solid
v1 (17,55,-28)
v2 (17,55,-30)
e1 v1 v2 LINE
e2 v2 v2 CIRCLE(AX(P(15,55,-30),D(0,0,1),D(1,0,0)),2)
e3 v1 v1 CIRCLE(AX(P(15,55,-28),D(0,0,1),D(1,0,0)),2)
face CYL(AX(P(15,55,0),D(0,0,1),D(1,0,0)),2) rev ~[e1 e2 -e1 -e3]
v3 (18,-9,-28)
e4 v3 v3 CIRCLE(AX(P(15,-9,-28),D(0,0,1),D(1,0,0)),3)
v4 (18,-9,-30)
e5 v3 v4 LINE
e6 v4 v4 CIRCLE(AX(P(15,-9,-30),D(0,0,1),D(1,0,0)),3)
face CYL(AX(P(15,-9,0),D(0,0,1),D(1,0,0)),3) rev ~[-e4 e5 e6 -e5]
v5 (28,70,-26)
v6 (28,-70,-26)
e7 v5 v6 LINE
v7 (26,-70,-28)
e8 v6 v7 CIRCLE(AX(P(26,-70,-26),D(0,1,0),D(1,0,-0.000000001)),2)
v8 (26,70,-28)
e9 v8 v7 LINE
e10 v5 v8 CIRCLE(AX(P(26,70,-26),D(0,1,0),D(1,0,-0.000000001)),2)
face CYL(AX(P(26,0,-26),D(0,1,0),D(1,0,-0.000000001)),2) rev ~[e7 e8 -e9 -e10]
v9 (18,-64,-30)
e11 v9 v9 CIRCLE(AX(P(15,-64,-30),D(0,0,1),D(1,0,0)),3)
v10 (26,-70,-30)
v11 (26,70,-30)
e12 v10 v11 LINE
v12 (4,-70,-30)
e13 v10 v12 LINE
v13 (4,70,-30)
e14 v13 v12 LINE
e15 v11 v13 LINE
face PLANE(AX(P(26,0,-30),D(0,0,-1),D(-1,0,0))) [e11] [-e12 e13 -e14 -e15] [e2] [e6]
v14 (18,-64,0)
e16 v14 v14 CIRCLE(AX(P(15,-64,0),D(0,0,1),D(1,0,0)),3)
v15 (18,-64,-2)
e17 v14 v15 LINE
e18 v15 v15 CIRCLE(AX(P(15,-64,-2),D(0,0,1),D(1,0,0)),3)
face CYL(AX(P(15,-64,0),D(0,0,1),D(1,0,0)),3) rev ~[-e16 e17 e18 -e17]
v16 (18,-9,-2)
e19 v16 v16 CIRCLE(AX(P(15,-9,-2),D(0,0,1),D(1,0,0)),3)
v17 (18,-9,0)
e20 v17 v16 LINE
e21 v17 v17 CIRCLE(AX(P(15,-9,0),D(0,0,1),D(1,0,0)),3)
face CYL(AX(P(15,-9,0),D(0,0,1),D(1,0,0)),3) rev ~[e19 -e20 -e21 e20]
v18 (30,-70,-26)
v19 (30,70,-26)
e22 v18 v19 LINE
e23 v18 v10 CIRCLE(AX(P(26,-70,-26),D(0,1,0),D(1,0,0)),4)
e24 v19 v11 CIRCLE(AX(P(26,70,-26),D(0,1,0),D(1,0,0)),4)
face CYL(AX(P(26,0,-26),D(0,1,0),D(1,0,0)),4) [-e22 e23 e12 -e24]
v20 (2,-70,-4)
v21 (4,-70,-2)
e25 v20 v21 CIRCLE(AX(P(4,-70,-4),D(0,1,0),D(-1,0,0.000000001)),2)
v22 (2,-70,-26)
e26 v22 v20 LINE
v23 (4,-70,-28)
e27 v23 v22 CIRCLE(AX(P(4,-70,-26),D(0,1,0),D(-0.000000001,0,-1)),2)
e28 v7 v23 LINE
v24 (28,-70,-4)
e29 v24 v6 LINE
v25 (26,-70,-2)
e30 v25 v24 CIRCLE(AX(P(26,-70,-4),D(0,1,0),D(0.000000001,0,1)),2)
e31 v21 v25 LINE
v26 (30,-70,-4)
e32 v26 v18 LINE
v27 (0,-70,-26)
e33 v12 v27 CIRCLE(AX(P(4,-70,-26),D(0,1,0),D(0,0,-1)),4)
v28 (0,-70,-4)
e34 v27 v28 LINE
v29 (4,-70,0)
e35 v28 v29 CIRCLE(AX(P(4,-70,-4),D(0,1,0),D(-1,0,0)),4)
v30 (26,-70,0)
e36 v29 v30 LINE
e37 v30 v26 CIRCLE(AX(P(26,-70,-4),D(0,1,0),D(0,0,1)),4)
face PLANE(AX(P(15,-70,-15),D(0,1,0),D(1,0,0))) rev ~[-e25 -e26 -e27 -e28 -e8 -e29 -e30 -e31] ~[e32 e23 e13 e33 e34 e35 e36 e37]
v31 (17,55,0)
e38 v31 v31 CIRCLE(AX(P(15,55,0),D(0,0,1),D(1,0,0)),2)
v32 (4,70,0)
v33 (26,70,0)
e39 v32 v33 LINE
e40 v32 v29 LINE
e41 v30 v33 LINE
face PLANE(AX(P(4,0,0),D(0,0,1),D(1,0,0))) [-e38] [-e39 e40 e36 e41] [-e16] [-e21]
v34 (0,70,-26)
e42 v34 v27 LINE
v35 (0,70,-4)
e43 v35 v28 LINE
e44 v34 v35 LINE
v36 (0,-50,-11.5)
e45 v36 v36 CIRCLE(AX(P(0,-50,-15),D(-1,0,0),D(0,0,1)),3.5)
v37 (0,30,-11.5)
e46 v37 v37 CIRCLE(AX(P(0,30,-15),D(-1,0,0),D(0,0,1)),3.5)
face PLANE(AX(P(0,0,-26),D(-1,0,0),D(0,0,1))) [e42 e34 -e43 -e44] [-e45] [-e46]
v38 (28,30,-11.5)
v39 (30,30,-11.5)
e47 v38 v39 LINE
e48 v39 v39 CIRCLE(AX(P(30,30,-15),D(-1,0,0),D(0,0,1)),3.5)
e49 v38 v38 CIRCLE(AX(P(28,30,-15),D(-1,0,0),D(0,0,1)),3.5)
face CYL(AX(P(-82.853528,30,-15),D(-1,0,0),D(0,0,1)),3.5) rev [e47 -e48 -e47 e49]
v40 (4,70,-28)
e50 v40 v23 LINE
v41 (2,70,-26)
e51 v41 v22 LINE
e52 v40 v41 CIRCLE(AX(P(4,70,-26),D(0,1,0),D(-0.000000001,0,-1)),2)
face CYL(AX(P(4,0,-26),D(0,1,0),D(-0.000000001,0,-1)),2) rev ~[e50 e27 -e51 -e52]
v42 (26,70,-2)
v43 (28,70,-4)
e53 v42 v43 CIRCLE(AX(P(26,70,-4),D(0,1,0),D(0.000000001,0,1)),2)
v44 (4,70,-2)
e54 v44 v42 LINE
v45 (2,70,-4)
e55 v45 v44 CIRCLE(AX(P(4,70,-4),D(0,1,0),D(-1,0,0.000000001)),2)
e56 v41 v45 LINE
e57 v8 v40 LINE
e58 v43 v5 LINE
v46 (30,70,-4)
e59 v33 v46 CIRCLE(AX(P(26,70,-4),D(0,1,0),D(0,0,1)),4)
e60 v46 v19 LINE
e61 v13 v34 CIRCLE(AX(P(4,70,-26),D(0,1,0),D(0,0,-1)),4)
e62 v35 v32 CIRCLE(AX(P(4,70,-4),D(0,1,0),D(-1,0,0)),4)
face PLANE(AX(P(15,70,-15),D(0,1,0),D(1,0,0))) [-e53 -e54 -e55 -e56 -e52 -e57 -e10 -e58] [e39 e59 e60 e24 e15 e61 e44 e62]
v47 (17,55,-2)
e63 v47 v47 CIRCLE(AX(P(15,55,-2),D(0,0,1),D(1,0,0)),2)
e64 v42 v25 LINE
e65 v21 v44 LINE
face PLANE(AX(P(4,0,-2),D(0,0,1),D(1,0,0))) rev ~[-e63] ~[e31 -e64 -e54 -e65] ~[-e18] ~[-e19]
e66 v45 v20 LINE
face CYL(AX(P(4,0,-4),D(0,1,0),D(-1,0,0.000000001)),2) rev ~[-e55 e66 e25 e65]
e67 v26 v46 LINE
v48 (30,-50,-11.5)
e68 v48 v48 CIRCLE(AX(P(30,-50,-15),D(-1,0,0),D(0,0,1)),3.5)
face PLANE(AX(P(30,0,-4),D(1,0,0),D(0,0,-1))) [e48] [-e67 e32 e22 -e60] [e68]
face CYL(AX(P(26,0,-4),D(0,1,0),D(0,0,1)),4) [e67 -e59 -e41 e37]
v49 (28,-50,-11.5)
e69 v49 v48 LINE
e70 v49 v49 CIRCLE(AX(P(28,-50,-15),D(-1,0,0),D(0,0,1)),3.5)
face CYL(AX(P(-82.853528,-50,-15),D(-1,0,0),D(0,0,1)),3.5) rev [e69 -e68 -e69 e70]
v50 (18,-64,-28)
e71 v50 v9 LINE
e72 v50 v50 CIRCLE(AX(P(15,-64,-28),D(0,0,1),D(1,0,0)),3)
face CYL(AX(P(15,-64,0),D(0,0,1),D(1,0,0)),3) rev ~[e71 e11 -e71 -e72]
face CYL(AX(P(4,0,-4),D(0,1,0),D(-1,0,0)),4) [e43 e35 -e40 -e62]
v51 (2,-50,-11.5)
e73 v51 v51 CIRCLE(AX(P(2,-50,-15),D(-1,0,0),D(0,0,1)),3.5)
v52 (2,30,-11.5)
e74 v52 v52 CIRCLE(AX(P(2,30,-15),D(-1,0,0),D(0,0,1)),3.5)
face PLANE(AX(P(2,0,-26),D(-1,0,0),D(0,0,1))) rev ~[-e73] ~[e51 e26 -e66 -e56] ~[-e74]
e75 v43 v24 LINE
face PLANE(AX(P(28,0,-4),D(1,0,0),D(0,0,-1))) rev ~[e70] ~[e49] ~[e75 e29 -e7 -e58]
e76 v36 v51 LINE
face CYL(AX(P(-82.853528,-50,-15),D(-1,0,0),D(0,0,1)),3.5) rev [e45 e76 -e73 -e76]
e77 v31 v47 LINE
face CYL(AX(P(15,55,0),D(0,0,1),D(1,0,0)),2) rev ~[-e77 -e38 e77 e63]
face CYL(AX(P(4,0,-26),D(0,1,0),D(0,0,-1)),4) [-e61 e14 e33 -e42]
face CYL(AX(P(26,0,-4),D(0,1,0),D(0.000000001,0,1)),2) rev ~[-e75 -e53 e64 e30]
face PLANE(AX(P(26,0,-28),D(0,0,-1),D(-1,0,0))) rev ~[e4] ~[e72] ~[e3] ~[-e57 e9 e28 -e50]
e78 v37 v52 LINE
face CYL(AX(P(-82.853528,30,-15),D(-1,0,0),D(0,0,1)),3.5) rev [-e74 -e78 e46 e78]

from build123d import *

# Parameters (mm, degrees)
EXTRUDE_1_DEPTH          = 70
SKETCH_3_R               = 3
SKETCH_3_R_2             = 2
CUT_EXTRUDE_1_DEPTH      = 82.853527719
CUT_EXTRUDE_2_DEPTH      = 82.853527719
CUT_EXTRUDE_2_DEPTH_BACK = 82.853527719
SKETCH_4_R               = 3.5


with BuildPart() as part:
    # 草图2 → 凸台-拉伸1 (new, symmetric)
    with BuildSketch(Plane(origin=(0, 0, 0), x_dir=(1, 0, 0), z_dir=(0, 1, 0))):
        with BuildLine():
            Line((4, 0), (26, 0))
            ThreePointArc((26, 0), (28.828427125, 1.171572875), (30, 4))
            Line((30, 4), (30, 26))
            ThreePointArc((30, 26), (28.828427125, 28.828427125), (26, 30))
            Line((26, 30), (4, 30))
            ThreePointArc((4, 30), (1.171572875, 28.828427125), (0, 26))
            Line((0, 26), (0, 4))
            ThreePointArc((0, 4), (1.171572875, 1.171572875), (4, 0))
        make_face()
        with BuildLine():
            Line((4, 2), (26, 2))
            ThreePointArc((26, 2), (27.414213562, 2.585786438), (28, 4))
            Line((28, 4), (28, 26))
            ThreePointArc((28, 26), (27.414213562, 27.414213562), (26, 28))
            Line((26, 28), (4, 28))
            ThreePointArc((4, 28), (2.585786438, 27.414213562), (2, 26))
            Line((2, 26), (2, 4))
            ThreePointArc((2, 4), (2.585786438, 2.585786438), (4, 2))
        make_face(mode=Mode.SUBTRACT)
    extrude(amount=EXTRUDE_1_DEPTH, both=True)

    # 草图3 → 切除-拉伸1 (cut, through all)
    with BuildSketch(Plane.XY):
        with Locations((15, -64)):
            Circle(SKETCH_3_R)
        with Locations((15, -9)):
            Circle(SKETCH_3_R)
        with Locations((15, 55)):
            Circle(SKETCH_3_R_2)
    extrude(amount=-CUT_EXTRUDE_1_DEPTH, mode=Mode.SUBTRACT)

    # 草图4 → 切除-拉伸2 (cut, two sides: drawn at the far end of the back side and taken through both)
    with BuildSketch(Plane(origin=(0, 0, 0), x_dir=(0, 0, -1), z_dir=(1, 0, 0)).offset(-CUT_EXTRUDE_2_DEPTH_BACK)):
        with Locations(Location((15, -50, 0), (0, 0, 180))):
            Circle(SKETCH_4_R)
        with Locations(Location((15, 30, 0), (0, 0, 180))):
            Circle(SKETCH_4_R)
    extrude(amount=CUT_EXTRUDE_2_DEPTH + CUT_EXTRUDE_2_DEPTH_BACK, mode=Mode.SUBTRACT)


solid = part.part
